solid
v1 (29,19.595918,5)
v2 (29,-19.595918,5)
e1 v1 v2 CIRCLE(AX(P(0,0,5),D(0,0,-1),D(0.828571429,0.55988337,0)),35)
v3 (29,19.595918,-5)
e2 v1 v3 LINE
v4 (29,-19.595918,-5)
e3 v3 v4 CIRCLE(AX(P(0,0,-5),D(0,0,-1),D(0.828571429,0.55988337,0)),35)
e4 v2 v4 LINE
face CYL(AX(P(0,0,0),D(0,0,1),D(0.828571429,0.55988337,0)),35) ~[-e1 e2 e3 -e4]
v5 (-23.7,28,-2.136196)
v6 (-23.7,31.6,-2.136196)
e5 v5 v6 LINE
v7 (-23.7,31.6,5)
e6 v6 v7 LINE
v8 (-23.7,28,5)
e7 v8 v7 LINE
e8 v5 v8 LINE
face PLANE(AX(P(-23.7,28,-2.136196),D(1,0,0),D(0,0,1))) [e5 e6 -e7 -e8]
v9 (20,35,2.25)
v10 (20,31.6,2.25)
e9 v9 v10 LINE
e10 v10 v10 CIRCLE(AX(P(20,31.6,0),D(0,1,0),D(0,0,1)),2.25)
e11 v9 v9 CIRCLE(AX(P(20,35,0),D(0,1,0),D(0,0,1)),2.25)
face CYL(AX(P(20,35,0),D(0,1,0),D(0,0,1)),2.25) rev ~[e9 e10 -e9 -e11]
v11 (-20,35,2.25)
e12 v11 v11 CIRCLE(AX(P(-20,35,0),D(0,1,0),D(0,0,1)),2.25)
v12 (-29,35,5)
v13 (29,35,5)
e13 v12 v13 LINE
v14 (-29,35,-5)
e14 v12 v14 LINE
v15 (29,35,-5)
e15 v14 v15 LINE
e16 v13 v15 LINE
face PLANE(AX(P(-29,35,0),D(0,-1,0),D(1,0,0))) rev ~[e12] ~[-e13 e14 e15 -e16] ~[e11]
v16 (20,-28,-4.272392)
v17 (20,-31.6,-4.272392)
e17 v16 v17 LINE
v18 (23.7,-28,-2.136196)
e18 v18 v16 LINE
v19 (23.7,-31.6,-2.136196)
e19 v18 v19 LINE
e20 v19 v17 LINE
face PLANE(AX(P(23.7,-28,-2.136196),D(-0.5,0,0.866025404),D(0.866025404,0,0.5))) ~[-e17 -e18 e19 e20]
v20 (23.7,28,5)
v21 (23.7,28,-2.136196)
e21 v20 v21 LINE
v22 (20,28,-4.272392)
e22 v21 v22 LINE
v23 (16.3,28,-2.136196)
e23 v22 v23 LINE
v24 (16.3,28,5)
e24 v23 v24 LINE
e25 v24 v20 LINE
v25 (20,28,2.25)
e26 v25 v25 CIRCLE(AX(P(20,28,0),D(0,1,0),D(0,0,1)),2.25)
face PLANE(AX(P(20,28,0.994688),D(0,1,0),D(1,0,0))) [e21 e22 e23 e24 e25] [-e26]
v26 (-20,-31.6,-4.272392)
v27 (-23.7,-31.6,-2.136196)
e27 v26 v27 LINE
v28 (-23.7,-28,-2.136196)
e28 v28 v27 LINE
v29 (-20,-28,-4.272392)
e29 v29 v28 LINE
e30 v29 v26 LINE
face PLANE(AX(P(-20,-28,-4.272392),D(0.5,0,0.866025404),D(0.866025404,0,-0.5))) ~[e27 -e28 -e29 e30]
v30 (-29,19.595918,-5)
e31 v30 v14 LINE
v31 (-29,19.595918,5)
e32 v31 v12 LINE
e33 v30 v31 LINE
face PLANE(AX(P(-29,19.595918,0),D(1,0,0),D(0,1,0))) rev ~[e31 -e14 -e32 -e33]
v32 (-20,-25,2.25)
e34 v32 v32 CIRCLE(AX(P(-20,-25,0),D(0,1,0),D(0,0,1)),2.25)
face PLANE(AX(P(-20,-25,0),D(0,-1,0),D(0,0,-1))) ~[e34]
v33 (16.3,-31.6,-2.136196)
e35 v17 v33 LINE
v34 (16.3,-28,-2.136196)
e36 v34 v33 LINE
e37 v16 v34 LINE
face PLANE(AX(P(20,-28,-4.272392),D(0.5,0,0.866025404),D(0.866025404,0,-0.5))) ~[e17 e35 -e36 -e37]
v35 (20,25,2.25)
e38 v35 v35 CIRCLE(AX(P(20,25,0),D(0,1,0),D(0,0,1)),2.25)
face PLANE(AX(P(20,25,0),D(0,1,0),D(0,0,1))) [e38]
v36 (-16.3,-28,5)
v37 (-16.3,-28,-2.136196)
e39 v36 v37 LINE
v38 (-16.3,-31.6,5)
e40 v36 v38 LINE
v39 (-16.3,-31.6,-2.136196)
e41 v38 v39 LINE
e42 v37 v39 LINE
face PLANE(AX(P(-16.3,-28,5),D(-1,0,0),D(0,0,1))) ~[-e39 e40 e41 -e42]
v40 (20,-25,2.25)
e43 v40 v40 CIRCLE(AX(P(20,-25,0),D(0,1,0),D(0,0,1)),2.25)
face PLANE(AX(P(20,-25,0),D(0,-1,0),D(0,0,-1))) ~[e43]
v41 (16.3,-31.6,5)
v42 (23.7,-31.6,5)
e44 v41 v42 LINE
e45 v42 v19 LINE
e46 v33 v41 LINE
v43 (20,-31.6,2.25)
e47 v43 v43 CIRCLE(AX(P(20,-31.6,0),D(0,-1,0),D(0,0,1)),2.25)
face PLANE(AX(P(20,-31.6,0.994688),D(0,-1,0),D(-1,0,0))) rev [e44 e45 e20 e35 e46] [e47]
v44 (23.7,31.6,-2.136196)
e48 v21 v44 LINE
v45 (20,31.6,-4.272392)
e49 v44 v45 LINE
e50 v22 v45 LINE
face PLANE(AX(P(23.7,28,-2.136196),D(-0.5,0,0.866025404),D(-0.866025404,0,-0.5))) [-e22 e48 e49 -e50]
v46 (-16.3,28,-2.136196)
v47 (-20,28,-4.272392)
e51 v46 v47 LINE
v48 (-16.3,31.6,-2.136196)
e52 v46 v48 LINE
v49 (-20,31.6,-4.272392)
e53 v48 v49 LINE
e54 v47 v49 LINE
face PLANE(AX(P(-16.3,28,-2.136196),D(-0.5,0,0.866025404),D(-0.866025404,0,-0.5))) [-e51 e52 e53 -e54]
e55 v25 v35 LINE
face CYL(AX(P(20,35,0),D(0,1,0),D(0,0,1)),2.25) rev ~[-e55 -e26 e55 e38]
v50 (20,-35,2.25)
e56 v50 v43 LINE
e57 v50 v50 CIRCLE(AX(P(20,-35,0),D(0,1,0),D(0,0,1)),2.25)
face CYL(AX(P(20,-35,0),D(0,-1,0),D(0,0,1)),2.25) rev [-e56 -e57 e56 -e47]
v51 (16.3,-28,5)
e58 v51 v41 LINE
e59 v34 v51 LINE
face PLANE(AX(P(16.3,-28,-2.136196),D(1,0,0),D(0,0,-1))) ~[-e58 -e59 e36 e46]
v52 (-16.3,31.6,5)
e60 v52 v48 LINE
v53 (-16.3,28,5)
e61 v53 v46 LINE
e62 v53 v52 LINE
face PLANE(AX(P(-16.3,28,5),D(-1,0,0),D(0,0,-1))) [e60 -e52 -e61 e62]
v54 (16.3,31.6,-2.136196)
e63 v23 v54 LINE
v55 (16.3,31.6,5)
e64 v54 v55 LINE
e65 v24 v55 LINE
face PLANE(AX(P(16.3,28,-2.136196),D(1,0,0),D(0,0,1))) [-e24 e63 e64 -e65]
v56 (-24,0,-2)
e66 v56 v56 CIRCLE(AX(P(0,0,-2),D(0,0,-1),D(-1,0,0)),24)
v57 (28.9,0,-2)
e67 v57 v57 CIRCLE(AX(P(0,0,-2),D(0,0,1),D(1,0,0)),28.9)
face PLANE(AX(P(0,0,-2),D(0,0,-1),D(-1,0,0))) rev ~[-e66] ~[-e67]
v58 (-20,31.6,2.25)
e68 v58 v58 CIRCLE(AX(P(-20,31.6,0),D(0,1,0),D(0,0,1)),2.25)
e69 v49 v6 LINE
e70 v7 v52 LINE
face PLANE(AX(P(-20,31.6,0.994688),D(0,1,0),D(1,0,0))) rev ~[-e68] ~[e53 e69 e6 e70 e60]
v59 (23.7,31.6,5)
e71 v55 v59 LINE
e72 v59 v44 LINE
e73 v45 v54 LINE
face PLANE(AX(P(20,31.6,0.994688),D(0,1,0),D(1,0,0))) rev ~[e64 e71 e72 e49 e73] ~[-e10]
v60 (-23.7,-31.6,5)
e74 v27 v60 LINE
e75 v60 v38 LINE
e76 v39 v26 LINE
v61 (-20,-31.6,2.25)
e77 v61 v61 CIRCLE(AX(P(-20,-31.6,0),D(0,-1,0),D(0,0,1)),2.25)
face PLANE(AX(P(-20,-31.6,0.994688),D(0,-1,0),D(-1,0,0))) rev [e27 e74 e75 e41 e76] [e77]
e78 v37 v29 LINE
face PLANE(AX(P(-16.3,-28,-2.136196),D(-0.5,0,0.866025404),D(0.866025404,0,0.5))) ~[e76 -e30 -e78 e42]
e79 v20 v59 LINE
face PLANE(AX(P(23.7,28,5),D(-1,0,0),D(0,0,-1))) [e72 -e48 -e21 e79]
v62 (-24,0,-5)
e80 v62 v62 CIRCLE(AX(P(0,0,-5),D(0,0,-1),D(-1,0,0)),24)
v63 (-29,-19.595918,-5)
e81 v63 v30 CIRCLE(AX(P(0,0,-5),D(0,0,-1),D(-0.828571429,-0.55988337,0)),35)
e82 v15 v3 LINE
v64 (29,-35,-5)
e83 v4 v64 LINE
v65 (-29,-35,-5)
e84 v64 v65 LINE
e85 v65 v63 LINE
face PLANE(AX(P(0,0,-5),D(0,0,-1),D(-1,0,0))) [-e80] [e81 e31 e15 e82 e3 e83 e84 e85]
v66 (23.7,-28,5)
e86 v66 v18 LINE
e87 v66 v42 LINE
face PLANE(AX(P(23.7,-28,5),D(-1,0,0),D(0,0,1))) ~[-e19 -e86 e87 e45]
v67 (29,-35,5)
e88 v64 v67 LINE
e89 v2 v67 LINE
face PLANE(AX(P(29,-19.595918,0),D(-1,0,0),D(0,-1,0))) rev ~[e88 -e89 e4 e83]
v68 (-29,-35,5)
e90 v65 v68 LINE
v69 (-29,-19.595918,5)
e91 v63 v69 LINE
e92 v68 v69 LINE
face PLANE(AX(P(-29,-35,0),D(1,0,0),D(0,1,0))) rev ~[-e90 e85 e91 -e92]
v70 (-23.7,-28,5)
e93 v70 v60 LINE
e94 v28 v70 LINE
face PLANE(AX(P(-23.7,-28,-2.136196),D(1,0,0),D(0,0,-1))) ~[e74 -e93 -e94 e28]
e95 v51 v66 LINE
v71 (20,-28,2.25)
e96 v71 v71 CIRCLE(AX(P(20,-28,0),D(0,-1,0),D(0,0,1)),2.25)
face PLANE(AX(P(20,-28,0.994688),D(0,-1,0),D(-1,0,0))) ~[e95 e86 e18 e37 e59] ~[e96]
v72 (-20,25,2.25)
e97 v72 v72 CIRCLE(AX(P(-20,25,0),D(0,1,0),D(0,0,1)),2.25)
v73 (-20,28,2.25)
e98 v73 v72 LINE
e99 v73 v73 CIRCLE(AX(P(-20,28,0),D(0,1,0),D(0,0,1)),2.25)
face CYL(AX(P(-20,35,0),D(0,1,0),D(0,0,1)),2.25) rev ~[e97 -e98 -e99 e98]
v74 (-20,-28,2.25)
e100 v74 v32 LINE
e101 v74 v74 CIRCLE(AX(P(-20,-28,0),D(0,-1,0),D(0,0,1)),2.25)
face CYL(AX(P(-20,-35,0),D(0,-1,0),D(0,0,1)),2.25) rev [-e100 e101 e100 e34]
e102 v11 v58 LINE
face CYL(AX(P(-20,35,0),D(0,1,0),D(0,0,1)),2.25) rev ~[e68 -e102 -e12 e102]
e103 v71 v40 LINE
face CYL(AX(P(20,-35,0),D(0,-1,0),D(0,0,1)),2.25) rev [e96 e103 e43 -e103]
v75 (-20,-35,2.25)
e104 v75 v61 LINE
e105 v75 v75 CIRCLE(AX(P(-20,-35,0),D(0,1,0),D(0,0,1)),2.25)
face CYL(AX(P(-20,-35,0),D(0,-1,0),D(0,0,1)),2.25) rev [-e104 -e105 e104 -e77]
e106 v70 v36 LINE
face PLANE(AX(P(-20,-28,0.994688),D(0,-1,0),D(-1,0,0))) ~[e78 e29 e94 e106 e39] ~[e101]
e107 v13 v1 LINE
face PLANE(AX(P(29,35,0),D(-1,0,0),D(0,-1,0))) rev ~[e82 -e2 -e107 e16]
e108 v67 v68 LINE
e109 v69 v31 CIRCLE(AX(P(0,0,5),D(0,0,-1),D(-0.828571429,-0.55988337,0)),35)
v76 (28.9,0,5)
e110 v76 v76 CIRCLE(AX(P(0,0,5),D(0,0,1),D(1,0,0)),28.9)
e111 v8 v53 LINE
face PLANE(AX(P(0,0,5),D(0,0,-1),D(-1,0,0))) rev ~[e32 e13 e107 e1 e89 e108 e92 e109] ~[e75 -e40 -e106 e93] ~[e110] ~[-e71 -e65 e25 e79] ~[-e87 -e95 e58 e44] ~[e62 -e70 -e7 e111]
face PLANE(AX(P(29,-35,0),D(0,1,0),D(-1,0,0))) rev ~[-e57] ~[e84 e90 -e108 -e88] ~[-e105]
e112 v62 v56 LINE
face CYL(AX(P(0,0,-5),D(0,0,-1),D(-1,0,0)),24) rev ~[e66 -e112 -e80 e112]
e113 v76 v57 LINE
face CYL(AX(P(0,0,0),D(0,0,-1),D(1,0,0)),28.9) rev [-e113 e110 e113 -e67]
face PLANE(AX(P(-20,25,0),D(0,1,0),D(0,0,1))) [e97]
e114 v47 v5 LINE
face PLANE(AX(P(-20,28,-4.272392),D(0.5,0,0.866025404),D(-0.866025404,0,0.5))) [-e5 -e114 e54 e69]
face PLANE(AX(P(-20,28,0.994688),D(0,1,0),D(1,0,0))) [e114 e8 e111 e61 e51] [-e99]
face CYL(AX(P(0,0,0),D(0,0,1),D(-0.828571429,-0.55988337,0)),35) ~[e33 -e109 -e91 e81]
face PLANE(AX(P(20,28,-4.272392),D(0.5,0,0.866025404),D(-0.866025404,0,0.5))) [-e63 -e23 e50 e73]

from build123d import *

# Parameters (mm, degrees)
CROQUIS1_R              = 28.9
SALIENTE_EXTRUIR1_DEPTH = 5
CROQUIS2_R              = 28.9
CROQUIS2_R_2            = 24
SALIENTE_EXTRUIR2_DEPTH = 3
CORTAR_EXTRUIR1_DEPTH   = 3.6
CROQUIS6_R              = 2.25
CORTAR_EXTRUIR2_DEPTH   = 10


with BuildPart() as part:
    # Croquis1 → Saliente-Extruir1 (new, symmetric)
    with BuildSketch(Plane.XY):
        with BuildLine():
            Line((-29, 19.595917942), (-29, 35))
            Line((-29, 35), (29, 35))
            Line((29, 35), (29, 19.595917942))
            ThreePointArc((29, 19.595917942), (35, 0), (29, -19.595917942))
            Line((29, -19.595917942), (29, -35))
            Line((29, -35), (-29, -35))
            Line((-29, -35), (-29, -19.595917942))
            ThreePointArc((-29, -19.595917942), (-35, 0), (-29, 19.595917942))
        make_face()
        Circle(CROQUIS1_R, mode=Mode.SUBTRACT)
    extrude(amount=SALIENTE_EXTRUIR1_DEPTH, both=True)

    # Croquis2 → Saliente-Extruir2 (add)
    with BuildSketch(Plane(origin=(0, 0, -5), x_dir=(-1, 0, 0), z_dir=(0, 0, -1))):
        Circle(CROQUIS2_R)
        Circle(CROQUIS2_R_2, mode=Mode.SUBTRACT)
    extrude(amount=-SALIENTE_EXTRUIR2_DEPTH)

    # Croquis5 → Cortar-Extruir1 (cut)
    with BuildSketch(Plane(origin=(0, 28, 0), x_dir=(1, 0, 0), z_dir=(0, 1, 0))):
        Polygon((-23.7, -2.136195996), (-23.7, -5), (-16.3, -5), (-16.3, -2.136195996), (-16.3, 2.136195996), (-20, 4.272391992), (-23.7, 2.136195996), align=None)
        Polygon((16.3, 2.136195996), (16.3, -2.136195996), (16.3, -5), (23.7, -5), (23.7, -2.136195996), (23.7, 2.136195996), (20, 4.272391992), align=None)
    cortar_extruir1 = extrude(amount=CORTAR_EXTRUIR1_DEPTH, mode=Mode.SUBTRACT)

    # Croquis6 → Cortar-Extruir2 (cut)
    with BuildSketch(Plane(origin=(0, 35, 0), x_dir=(1, 0, 0), z_dir=(0, 1, 0))):
        with Locations(Location((-20, 0, 0), (0, 0, 270))):
            Circle(CROQUIS6_R)
        with Locations(Location((20, 0, 0), (0, 0, 270))):
            Circle(CROQUIS6_R)
    cortar_extruir2 = extrude(amount=-CORTAR_EXTRUIR2_DEPTH, mode=Mode.SUBTRACT)

    # Simetría1: Cortar-Extruir1, Cortar-Extruir2 across plane
    add(cortar_extruir1.mirror(Plane.ZX), mode=Mode.SUBTRACT)
    add(cortar_extruir2.mirror(Plane.ZX), mode=Mode.SUBTRACT)


solid = part.part
